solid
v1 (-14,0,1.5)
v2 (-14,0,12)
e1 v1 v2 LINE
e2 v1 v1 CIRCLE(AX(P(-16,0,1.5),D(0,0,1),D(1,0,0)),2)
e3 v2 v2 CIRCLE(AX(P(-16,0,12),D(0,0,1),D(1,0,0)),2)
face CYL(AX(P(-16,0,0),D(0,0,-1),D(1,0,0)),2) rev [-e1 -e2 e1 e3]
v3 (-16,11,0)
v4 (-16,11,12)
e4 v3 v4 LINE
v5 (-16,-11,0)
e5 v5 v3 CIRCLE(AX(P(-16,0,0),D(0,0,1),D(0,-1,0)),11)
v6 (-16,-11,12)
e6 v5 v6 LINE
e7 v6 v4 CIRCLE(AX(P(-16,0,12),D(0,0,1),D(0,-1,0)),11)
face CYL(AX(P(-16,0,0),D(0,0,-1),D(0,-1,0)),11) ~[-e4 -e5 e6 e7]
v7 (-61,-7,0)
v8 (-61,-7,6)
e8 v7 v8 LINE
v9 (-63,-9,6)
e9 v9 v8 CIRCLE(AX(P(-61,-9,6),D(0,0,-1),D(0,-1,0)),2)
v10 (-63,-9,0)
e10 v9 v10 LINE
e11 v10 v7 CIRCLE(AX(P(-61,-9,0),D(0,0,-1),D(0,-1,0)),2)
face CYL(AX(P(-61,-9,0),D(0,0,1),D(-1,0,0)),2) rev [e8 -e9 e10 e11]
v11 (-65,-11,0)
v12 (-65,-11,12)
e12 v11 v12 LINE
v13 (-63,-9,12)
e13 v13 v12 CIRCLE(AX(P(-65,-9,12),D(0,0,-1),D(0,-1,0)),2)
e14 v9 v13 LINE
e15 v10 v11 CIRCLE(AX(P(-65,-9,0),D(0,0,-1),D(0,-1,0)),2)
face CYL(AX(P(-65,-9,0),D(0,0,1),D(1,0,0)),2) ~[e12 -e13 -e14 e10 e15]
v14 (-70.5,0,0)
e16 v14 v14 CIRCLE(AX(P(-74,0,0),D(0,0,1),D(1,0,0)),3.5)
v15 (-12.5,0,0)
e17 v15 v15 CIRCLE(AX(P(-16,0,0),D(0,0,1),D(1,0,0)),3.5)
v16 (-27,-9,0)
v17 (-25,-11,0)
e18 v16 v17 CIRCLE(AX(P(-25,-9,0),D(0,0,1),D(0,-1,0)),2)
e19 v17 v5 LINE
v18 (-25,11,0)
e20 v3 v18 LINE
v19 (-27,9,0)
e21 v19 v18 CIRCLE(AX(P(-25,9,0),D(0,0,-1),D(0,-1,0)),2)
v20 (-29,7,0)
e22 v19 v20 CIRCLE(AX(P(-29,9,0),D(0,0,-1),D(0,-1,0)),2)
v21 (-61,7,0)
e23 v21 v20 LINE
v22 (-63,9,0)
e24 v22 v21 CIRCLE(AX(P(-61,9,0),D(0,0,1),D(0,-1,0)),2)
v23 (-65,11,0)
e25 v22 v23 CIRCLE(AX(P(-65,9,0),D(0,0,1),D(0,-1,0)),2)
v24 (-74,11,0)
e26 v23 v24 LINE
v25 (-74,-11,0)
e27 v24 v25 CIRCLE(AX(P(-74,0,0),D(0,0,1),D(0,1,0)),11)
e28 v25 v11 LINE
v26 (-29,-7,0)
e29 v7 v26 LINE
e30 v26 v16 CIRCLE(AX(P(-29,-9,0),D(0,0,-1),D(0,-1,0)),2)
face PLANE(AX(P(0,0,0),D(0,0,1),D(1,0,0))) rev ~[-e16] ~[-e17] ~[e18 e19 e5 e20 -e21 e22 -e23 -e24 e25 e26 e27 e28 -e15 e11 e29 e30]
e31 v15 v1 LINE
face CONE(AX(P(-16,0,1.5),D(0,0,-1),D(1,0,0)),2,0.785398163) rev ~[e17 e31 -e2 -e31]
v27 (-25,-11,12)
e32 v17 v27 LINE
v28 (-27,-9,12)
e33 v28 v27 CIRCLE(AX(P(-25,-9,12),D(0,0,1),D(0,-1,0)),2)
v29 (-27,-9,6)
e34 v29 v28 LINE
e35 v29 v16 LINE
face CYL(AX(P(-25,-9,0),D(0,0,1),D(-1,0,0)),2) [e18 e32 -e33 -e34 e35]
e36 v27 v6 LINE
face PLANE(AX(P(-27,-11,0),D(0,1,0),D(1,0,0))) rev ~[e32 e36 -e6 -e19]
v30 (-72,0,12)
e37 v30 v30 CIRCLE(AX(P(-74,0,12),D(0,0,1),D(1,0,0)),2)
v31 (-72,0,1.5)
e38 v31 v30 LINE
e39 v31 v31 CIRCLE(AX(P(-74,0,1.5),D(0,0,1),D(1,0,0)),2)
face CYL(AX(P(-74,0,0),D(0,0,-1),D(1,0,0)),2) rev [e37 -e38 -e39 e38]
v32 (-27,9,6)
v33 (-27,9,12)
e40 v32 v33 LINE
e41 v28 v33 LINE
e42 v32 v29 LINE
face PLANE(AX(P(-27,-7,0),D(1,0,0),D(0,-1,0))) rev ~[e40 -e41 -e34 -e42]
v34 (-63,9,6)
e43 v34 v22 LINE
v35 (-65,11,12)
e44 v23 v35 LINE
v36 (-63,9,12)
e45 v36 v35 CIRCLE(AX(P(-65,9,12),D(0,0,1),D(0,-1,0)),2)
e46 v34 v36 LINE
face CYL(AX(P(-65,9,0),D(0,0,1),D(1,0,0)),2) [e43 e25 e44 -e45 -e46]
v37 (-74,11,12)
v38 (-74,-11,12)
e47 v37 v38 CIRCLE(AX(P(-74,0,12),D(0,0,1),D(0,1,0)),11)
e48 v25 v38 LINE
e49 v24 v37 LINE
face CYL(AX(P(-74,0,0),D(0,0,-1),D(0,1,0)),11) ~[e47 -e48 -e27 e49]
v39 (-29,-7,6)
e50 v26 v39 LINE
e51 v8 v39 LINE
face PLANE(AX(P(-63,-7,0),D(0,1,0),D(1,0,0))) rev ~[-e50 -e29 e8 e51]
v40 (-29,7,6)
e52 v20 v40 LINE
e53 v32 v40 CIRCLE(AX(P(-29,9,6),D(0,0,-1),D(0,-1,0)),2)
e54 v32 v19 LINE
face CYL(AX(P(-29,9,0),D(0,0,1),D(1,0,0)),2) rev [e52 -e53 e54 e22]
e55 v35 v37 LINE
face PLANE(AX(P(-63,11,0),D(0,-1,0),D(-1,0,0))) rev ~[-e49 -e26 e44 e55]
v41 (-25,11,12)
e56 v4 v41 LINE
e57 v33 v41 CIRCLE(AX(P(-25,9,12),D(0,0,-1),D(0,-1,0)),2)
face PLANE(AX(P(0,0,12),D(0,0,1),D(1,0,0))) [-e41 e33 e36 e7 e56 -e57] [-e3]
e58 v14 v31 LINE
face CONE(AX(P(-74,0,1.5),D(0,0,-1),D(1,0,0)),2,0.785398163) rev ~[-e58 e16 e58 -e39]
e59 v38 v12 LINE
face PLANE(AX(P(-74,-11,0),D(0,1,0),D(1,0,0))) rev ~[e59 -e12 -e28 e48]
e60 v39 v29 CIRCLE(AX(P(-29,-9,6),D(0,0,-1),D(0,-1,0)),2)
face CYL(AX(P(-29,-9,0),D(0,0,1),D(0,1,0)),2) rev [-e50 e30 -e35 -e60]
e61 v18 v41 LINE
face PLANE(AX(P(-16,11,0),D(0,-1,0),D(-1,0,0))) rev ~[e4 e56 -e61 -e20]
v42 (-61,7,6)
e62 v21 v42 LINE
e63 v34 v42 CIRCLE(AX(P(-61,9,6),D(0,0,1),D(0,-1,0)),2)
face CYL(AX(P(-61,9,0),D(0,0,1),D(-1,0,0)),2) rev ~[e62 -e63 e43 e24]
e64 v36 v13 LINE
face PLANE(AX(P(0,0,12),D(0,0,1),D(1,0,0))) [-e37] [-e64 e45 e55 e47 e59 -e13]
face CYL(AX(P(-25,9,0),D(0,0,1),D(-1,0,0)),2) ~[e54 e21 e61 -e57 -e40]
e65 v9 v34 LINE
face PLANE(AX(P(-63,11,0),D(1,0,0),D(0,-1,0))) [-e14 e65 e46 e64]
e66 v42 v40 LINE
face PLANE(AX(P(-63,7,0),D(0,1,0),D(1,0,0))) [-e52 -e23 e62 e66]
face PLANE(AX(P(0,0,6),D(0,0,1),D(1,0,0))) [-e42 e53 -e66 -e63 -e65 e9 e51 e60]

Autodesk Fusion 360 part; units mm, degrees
sketch "Sketch1" plane through (0, 0, 0) normal (0, 0, 1) x (1, 0, 0)
  line L0 (-74, -11) -> (-16, -11)
  line L1 (-16, 11) -> (-74, 11)
  arc A0 (-74, 11) -> (-74, -11) centre (-74, 0) ccw
  arc A1 (-16, -11) -> (-16, 11) centre (-16, 0) ccw
  circle A2 centre (-74, 0) radius 2
  circle A3 centre (-16, 0) radius 2
  line L2 (-63, 11) -> (-63, -11)
  line L3 (-27, 11) -> (-27, -11)
  line L4 (-63, 7) -> (-27, 7)
  line L5 (-63, -7) -> (-27, -7)
  dimension "d1" = 4
  dimension "d2" = 4
extrude "Extrude1" add sketch "Sketch1" along normal blind 12 contours L0 L1 A0 L2 | L0 L1 A1 L3 makes body 1 at (-66, 0, 0) makes body 2 at (-24, 0, 0)
extrude "Extrude2" add sketch "Sketch1" along normal blind 6 contours L2 L3 L4 L5 bodies 1 2
chamfer "Chamfer1" distance 1.5 angle 45 2 edges at (-75.8647, 0.7232, 0) (-17.8647, 0.7232, 0) on bodies 1
fillet "Fillet1" radius 2 4 edges at (-63, -7, 3) (-27, -7, 3) (-27, 7, 3) (-63, 7, 3) on bodies 1
fillet "Fillet2" radius 2 4 edges at (-63, 11, 6) (-27, 11, 6) (-27, -11, 6) (-63, -11, 6) on bodies 1
